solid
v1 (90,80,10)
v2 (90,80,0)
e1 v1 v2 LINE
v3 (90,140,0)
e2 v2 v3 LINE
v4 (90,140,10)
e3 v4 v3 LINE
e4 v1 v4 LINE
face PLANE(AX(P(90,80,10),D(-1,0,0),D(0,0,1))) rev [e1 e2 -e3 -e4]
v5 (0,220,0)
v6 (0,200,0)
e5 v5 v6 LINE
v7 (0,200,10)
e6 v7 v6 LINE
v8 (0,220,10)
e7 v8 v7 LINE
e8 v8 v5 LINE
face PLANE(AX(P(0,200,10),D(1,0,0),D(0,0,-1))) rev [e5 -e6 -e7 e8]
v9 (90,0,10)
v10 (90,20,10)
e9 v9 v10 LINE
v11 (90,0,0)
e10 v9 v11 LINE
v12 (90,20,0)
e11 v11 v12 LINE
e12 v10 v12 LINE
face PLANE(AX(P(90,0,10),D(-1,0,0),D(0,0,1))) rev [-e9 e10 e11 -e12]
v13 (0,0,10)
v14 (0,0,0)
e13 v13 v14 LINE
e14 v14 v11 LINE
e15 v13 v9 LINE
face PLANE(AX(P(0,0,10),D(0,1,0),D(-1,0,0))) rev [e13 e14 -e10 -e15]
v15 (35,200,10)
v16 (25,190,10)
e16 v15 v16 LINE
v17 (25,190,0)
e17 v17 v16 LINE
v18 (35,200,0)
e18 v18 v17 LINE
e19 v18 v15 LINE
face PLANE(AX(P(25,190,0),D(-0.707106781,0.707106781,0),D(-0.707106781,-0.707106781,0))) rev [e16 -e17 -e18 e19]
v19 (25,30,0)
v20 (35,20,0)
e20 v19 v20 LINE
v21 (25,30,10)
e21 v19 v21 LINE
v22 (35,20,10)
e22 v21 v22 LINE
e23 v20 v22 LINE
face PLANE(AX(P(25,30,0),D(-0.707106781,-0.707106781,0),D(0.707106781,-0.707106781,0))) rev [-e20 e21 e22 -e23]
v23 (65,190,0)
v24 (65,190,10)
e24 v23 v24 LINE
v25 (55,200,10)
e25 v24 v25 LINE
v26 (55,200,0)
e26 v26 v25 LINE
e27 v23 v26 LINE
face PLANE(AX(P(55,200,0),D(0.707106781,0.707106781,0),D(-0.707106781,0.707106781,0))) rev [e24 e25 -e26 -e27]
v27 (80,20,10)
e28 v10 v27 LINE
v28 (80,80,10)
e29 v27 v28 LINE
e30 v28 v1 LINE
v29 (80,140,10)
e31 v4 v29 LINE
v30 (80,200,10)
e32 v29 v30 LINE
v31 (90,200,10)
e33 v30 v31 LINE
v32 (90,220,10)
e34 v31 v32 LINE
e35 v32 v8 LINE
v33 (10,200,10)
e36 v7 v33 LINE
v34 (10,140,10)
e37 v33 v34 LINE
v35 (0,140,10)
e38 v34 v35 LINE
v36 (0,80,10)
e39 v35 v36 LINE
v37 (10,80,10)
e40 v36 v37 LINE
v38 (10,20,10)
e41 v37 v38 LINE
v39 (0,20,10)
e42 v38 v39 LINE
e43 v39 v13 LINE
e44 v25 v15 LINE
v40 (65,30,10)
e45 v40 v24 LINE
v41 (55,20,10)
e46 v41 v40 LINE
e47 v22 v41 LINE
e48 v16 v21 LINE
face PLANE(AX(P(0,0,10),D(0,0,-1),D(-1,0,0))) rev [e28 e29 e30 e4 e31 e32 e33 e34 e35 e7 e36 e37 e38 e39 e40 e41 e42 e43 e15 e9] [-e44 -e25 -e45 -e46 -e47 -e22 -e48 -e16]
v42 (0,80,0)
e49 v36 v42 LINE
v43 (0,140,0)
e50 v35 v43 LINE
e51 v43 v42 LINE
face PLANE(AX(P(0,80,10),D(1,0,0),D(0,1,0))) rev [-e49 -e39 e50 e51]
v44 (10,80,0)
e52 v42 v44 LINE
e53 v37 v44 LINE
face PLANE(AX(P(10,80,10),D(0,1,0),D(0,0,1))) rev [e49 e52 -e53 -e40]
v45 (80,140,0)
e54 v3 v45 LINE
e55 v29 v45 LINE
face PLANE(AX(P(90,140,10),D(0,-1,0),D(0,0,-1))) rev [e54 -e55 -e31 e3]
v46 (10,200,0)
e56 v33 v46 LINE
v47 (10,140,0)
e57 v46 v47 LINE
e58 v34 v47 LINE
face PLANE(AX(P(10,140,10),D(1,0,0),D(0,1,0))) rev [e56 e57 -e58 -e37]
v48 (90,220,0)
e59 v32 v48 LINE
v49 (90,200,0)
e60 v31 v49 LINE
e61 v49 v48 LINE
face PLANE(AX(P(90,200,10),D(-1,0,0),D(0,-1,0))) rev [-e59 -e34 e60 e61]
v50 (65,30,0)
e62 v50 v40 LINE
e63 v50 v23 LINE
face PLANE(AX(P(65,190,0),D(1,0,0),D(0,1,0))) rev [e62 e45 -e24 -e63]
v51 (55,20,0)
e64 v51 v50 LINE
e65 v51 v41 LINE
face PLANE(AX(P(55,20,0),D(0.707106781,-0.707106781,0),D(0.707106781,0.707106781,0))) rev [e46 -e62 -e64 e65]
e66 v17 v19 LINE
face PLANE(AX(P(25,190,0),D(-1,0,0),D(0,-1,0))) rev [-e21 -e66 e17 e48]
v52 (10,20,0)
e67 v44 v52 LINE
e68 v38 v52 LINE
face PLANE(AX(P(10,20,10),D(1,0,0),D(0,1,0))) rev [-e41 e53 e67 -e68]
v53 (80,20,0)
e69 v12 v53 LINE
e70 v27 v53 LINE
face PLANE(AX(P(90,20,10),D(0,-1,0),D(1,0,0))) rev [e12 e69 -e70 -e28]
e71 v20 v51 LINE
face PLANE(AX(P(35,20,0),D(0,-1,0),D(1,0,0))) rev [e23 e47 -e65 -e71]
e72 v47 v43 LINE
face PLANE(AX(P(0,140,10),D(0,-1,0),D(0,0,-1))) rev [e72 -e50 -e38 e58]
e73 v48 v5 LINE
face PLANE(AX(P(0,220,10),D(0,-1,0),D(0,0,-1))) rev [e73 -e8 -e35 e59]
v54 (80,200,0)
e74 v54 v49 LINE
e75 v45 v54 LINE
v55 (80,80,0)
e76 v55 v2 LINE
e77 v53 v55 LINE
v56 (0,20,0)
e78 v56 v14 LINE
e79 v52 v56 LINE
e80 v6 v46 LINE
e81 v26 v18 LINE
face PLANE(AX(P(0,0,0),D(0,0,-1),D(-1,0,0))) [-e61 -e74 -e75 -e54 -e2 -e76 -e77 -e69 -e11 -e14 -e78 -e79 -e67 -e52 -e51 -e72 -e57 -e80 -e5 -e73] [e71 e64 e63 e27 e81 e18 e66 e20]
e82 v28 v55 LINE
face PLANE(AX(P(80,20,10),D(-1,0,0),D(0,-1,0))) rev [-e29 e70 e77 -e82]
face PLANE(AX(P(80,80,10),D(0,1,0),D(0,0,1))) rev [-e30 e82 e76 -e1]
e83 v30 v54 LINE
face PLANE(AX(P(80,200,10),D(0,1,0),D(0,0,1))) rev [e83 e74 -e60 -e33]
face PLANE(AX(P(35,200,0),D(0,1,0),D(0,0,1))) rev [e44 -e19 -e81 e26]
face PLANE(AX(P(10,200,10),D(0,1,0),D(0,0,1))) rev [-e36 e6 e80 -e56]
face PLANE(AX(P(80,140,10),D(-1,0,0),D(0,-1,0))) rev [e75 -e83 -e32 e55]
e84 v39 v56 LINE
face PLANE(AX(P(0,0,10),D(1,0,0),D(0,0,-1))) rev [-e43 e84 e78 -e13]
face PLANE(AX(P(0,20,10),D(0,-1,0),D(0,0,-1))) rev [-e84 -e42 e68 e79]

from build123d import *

# Parameters (mm, degrees)
BOSS_EXTRU_1_DEPTH      = 10
ENL_V_MAT_EXTRU_1_DEPTH = 10


with BuildPart() as part:
    # Esquisse1 → Boss.-Extru.1 (new body)
    with BuildSketch(Plane.XY):
        Polygon((0, 0), (90, 0), (90, 20), (80, 20), (80, 80), (90, 80), (90, 140), (80, 140), (80, 200), (90, 200), (90, 220), (0, 220), (0, 200), (10, 200), (10, 140), (0, 140), (0, 80), (10, 80), (10, 20), (0, 20), align=None)
    extrude(amount=BOSS_EXTRU_1_DEPTH)

    # Esquisse2 → Enlèv. mat.-Extru.1 (cut)
    with BuildSketch(Plane.XY.offset(10)):
        Polygon((35, 200), (55, 200), (65, 190), (65, 30), (55, 20), (35, 20), (25, 30), (25, 190), align=None)
    extrude(amount=-ENL_V_MAT_EXTRU_1_DEPTH, mode=Mode.SUBTRACT)


solid = part.part
